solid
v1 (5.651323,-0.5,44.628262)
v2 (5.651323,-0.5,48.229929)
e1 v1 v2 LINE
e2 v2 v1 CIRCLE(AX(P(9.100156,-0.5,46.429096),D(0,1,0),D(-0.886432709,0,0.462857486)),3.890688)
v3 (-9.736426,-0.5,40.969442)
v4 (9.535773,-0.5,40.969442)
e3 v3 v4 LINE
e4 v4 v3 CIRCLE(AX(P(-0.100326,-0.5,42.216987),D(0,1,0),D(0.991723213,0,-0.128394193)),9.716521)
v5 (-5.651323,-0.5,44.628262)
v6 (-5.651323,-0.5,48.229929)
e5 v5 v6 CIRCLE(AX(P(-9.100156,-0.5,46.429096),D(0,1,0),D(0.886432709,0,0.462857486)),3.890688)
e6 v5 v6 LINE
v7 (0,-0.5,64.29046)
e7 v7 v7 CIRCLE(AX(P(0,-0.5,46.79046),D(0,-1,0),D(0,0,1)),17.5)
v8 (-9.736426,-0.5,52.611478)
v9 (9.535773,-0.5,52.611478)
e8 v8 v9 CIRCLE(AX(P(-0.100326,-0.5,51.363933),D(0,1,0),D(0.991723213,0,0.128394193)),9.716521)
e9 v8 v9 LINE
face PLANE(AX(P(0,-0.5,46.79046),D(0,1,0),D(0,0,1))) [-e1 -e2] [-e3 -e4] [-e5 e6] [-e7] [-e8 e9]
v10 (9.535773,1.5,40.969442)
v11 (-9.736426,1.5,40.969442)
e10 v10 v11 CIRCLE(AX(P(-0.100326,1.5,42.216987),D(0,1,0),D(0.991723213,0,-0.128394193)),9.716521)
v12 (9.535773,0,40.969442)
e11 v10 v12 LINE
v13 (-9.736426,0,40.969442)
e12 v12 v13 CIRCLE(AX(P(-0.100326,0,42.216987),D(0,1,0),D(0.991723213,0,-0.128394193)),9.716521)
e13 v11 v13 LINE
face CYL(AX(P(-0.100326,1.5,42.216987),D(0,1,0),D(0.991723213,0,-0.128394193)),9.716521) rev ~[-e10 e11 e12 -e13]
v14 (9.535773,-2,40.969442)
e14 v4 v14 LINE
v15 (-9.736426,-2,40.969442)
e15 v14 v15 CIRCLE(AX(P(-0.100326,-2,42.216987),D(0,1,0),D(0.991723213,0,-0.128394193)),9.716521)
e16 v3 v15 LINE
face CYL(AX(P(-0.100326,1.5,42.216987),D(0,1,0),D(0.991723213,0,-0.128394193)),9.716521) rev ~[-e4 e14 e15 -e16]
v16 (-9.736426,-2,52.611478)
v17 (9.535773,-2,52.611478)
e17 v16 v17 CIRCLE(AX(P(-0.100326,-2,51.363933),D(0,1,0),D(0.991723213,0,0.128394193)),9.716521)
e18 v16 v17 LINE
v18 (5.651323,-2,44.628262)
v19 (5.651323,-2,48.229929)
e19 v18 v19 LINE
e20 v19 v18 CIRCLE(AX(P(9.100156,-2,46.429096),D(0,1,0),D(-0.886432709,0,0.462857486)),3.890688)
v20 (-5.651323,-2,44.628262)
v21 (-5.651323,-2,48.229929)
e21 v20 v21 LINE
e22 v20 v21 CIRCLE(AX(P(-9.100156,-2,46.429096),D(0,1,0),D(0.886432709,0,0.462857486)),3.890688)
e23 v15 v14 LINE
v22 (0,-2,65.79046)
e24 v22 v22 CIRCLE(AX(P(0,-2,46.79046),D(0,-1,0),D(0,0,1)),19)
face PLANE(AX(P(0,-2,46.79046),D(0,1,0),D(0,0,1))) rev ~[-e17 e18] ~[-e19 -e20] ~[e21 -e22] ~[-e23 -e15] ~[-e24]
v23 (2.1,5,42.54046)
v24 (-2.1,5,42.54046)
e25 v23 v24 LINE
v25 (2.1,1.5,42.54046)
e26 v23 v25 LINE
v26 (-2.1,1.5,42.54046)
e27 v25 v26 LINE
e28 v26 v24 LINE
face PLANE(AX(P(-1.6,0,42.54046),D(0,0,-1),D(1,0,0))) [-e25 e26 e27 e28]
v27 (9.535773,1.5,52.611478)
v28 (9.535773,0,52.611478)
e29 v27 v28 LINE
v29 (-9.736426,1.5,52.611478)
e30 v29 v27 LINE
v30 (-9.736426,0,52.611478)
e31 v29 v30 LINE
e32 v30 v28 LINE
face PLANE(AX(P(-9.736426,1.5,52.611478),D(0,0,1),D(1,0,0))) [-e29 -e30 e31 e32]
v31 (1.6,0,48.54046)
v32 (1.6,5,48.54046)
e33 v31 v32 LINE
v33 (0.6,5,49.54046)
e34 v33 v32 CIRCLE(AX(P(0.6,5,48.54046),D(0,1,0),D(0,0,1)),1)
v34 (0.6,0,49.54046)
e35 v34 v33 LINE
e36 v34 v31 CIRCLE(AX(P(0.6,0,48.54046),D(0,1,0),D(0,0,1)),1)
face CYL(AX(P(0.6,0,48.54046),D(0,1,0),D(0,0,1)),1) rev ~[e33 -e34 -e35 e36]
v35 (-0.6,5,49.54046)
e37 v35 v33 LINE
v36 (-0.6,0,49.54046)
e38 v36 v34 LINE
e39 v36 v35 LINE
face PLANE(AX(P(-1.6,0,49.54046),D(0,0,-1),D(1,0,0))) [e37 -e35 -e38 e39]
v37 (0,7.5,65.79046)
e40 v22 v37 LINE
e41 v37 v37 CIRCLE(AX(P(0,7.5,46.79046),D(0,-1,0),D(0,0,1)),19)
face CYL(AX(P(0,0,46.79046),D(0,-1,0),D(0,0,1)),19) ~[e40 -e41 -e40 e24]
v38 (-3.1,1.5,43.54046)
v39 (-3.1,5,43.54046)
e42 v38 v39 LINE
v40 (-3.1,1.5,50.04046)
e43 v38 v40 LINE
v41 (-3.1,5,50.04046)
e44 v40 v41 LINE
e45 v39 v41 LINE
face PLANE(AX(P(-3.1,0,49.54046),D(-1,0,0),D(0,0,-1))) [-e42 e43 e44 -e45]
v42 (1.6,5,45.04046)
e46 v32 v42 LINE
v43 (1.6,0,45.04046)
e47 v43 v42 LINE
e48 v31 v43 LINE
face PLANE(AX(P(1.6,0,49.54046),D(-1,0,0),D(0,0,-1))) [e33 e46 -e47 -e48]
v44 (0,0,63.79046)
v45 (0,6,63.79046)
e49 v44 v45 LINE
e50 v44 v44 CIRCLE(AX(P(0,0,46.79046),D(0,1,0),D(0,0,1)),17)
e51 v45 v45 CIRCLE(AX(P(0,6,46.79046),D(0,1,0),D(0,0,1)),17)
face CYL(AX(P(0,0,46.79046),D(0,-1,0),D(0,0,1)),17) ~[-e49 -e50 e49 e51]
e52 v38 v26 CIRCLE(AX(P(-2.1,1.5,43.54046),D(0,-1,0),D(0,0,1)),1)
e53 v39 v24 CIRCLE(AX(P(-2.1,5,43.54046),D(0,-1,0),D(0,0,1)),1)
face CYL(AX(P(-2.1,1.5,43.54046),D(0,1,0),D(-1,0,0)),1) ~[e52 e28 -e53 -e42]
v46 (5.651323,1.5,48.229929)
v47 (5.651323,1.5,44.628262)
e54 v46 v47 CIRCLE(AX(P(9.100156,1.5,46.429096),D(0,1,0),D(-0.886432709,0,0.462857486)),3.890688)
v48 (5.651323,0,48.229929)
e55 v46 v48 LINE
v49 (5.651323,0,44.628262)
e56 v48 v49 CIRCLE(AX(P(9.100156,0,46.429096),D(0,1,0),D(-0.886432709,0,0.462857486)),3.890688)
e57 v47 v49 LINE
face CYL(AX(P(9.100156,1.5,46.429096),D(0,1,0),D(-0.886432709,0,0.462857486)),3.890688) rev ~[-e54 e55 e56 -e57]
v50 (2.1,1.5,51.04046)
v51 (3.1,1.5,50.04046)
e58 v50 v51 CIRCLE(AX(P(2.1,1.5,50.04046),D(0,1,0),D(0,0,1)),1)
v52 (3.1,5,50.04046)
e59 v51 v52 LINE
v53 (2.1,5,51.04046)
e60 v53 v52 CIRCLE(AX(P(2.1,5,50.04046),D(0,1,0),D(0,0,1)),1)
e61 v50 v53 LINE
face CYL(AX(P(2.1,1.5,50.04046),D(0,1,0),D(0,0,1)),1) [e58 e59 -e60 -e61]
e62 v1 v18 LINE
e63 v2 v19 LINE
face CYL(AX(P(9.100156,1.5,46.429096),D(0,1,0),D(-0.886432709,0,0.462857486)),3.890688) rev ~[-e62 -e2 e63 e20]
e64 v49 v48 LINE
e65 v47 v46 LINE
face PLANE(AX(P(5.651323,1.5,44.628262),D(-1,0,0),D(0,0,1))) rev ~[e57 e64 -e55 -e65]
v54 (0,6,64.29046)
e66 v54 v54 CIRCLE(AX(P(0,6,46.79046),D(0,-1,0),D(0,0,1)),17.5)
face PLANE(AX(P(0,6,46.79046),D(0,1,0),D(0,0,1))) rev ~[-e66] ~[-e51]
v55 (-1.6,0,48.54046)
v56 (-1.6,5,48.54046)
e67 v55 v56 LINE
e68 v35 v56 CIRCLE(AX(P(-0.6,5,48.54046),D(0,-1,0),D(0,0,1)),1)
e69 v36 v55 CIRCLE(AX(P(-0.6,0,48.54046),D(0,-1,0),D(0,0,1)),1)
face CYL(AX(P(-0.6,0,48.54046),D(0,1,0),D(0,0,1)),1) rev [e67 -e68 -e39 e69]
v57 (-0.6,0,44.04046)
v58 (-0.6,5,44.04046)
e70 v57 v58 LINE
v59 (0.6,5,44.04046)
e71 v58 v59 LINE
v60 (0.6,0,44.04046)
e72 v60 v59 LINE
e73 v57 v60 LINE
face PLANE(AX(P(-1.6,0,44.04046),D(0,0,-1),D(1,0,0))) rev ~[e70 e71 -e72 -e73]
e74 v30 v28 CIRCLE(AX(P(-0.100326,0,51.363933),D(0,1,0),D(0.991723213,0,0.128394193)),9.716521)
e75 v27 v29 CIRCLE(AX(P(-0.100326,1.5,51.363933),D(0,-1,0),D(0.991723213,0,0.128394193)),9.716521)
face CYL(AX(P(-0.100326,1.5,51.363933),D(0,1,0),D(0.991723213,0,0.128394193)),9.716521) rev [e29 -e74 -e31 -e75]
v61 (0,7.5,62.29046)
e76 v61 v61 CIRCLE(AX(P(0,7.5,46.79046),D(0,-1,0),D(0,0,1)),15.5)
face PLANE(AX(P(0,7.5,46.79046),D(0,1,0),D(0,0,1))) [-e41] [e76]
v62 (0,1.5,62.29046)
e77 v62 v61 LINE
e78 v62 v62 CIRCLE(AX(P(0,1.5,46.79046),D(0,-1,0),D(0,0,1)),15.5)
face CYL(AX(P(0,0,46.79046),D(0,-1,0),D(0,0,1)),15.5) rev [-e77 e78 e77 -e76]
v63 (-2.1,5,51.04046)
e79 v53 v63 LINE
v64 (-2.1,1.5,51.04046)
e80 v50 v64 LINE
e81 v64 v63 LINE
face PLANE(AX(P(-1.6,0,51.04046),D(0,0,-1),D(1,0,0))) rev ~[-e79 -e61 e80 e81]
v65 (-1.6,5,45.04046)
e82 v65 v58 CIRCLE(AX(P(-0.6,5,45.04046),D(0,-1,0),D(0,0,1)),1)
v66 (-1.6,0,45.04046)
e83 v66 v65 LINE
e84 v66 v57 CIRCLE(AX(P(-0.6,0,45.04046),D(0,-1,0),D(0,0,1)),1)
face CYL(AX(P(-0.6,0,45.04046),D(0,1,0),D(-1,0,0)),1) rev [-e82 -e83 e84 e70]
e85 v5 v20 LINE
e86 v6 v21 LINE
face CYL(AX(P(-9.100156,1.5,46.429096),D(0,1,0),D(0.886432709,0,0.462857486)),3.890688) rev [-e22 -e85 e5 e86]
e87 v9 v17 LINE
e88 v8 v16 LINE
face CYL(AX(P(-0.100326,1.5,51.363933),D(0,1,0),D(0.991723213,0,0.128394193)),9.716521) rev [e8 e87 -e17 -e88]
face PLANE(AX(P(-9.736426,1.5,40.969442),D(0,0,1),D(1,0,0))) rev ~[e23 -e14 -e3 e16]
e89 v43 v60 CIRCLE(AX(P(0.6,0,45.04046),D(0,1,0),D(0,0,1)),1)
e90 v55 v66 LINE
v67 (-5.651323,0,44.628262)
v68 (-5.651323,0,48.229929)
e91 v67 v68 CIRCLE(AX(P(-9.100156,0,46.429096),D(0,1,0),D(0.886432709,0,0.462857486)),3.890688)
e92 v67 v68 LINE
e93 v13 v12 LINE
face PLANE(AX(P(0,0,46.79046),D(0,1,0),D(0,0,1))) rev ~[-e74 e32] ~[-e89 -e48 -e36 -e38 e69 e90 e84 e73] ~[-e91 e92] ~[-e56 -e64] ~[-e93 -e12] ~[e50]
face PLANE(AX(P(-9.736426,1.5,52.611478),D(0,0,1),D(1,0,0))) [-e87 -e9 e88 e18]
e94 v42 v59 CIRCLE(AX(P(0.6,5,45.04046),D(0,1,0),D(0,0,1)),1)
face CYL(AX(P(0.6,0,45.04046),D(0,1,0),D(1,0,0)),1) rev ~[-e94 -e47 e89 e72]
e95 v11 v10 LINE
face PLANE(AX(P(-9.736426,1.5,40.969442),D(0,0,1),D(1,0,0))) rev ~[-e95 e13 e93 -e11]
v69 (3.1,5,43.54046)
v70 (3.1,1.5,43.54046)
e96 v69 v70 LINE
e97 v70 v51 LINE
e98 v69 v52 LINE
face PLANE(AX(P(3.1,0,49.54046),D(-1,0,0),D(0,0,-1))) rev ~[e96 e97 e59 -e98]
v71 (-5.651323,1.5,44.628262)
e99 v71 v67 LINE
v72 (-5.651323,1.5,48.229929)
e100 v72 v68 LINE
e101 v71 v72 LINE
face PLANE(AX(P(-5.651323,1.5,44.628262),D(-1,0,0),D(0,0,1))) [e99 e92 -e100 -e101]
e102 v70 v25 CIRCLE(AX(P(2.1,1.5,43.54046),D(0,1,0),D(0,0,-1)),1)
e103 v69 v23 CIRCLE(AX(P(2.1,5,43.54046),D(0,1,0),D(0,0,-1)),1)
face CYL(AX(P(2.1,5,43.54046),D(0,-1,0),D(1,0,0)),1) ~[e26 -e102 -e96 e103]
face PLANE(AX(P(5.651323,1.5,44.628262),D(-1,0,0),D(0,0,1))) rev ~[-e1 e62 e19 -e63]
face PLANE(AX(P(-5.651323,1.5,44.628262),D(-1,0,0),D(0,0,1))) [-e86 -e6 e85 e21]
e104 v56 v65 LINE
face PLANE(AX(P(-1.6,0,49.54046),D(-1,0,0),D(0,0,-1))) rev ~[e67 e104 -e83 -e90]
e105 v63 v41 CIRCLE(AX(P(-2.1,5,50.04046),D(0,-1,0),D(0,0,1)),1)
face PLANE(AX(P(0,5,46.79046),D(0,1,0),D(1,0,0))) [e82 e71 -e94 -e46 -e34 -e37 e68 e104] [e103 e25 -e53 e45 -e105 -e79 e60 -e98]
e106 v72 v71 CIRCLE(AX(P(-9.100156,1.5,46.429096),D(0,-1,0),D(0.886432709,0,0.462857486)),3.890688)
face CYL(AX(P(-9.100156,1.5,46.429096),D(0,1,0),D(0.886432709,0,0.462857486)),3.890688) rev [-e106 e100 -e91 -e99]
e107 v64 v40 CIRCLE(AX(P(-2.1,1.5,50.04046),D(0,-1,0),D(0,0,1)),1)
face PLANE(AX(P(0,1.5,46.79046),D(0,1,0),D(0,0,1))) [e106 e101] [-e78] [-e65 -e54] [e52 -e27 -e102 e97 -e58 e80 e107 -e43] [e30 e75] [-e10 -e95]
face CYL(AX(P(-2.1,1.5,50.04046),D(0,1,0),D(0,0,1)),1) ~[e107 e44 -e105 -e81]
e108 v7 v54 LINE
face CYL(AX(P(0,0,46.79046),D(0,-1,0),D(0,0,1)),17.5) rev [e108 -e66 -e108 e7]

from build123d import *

# Parameters (mm, degrees)
SKETCH4_R           = 17
BOSS_EXTRUDE3_DEPTH = 6
SHELL4_T            = 0.5
SKETCH5_W           = 3.2
SKETCH5_H           = 5.5
BOSS_EXTRUDE4_DEPTH = 5
SHELL5_T            = 1.5
CUT_EXTRUDE2_DEPTH  = 69.741433184
FILLET1_R           = 1


with BuildPart() as part:
    # Sketch4 → Boss-Extrude3 (new body)
    with BuildSketch(Plane(origin=(0, 0, 0), x_dir=(1, 0, 0), z_dir=(0, 1, 0))):
        with Locations(Location((0, -46.79046007, 0), (0, 0, 270))):
            Circle(SKETCH4_R)
    extrude(amount=BOSS_EXTRUDE3_DEPTH)

    # Shell4
    shell4_openings = [part.faces().sort_by_distance(p)[0] for p in [
        (0, 6, 46.79046007),
    ]]
    offset(amount=SHELL4_T, openings=shell4_openings, kind=Kind.INTERSECTION)

    # Sketch5 → Boss-Extrude4 (add)
    with BuildSketch(Plane(origin=(0, 0, 0), x_dir=(1, 0, 0), z_dir=(0, 1, 0))):
        with Locations((0, -46.79046007)):
            Rectangle(SKETCH5_W, SKETCH5_H)
    extrude(amount=BOSS_EXTRUDE4_DEPTH)

    # Shell5
    shell5_openings = [part.faces().sort_by_distance(p)[0] for p in [
        (0, 5, 46.79046007),
    ]]
    offset(amount=SHELL5_T, openings=shell5_openings, kind=Kind.INTERSECTION)

    # Sketch8 → Cut-Extrude2 (cut, through all)
    with BuildSketch(Plane(origin=(0, 1.5, 0), x_dir=(1, 0, 0), z_dir=(0, 1, 0))):
        with BuildLine():
            Line((-9.736425903, -40.96944233), (9.535773011, -40.96944233))
            ThreePointArc((9.535773011, -40.96944233), (-0.100326446, -32.500466178), (-9.736425903, -40.96944233))
        make_face()
        with BuildLine():
            Line((-9.736425903, -52.61147781), (9.535773011, -52.61147781))
            ThreePointArc((9.535773011, -52.61147781), (-0.100326446, -61.080453963), (-9.736425903, -52.61147781))
        make_face()
        with BuildLine():
            Line((-5.651322976, -44.628261801), (-5.651322976, -48.229929487))
            ThreePointArc((-5.651322976, -48.229929487), (-12.990843168, -46.429095644), (-5.651322976, -44.628261801))
        make_face()
        with BuildLine():
            Line((5.651322976, -44.628261801), (5.651322976, -48.229929487))
            ThreePointArc((5.651322976, -48.229929487), (12.990843168, -46.429095644), (5.651322976, -44.628261801))
        make_face()
    extrude(amount=-CUT_EXTRUDE2_DEPTH, mode=Mode.SUBTRACT)

    # Fillet1
    fillet1_edges = [part.edges().sort_by_distance(p)[0] for p in [
        (3.1, 3.25, 51.04046007),
        (3.1, 3.25, 42.54046007),
        (-3.1, 3.25, 42.54046007),
        (-3.1, 3.25, 51.04046007),
        (1.6, 2.5, 49.54046007),
        (1.6, 2.5, 44.04046007),
        (-1.6, 2.5, 44.04046007),
        (-1.6, 2.5, 49.54046007),
    ]]
    fillet(fillet1_edges, radius=FILLET1_R)


solid = part.part
